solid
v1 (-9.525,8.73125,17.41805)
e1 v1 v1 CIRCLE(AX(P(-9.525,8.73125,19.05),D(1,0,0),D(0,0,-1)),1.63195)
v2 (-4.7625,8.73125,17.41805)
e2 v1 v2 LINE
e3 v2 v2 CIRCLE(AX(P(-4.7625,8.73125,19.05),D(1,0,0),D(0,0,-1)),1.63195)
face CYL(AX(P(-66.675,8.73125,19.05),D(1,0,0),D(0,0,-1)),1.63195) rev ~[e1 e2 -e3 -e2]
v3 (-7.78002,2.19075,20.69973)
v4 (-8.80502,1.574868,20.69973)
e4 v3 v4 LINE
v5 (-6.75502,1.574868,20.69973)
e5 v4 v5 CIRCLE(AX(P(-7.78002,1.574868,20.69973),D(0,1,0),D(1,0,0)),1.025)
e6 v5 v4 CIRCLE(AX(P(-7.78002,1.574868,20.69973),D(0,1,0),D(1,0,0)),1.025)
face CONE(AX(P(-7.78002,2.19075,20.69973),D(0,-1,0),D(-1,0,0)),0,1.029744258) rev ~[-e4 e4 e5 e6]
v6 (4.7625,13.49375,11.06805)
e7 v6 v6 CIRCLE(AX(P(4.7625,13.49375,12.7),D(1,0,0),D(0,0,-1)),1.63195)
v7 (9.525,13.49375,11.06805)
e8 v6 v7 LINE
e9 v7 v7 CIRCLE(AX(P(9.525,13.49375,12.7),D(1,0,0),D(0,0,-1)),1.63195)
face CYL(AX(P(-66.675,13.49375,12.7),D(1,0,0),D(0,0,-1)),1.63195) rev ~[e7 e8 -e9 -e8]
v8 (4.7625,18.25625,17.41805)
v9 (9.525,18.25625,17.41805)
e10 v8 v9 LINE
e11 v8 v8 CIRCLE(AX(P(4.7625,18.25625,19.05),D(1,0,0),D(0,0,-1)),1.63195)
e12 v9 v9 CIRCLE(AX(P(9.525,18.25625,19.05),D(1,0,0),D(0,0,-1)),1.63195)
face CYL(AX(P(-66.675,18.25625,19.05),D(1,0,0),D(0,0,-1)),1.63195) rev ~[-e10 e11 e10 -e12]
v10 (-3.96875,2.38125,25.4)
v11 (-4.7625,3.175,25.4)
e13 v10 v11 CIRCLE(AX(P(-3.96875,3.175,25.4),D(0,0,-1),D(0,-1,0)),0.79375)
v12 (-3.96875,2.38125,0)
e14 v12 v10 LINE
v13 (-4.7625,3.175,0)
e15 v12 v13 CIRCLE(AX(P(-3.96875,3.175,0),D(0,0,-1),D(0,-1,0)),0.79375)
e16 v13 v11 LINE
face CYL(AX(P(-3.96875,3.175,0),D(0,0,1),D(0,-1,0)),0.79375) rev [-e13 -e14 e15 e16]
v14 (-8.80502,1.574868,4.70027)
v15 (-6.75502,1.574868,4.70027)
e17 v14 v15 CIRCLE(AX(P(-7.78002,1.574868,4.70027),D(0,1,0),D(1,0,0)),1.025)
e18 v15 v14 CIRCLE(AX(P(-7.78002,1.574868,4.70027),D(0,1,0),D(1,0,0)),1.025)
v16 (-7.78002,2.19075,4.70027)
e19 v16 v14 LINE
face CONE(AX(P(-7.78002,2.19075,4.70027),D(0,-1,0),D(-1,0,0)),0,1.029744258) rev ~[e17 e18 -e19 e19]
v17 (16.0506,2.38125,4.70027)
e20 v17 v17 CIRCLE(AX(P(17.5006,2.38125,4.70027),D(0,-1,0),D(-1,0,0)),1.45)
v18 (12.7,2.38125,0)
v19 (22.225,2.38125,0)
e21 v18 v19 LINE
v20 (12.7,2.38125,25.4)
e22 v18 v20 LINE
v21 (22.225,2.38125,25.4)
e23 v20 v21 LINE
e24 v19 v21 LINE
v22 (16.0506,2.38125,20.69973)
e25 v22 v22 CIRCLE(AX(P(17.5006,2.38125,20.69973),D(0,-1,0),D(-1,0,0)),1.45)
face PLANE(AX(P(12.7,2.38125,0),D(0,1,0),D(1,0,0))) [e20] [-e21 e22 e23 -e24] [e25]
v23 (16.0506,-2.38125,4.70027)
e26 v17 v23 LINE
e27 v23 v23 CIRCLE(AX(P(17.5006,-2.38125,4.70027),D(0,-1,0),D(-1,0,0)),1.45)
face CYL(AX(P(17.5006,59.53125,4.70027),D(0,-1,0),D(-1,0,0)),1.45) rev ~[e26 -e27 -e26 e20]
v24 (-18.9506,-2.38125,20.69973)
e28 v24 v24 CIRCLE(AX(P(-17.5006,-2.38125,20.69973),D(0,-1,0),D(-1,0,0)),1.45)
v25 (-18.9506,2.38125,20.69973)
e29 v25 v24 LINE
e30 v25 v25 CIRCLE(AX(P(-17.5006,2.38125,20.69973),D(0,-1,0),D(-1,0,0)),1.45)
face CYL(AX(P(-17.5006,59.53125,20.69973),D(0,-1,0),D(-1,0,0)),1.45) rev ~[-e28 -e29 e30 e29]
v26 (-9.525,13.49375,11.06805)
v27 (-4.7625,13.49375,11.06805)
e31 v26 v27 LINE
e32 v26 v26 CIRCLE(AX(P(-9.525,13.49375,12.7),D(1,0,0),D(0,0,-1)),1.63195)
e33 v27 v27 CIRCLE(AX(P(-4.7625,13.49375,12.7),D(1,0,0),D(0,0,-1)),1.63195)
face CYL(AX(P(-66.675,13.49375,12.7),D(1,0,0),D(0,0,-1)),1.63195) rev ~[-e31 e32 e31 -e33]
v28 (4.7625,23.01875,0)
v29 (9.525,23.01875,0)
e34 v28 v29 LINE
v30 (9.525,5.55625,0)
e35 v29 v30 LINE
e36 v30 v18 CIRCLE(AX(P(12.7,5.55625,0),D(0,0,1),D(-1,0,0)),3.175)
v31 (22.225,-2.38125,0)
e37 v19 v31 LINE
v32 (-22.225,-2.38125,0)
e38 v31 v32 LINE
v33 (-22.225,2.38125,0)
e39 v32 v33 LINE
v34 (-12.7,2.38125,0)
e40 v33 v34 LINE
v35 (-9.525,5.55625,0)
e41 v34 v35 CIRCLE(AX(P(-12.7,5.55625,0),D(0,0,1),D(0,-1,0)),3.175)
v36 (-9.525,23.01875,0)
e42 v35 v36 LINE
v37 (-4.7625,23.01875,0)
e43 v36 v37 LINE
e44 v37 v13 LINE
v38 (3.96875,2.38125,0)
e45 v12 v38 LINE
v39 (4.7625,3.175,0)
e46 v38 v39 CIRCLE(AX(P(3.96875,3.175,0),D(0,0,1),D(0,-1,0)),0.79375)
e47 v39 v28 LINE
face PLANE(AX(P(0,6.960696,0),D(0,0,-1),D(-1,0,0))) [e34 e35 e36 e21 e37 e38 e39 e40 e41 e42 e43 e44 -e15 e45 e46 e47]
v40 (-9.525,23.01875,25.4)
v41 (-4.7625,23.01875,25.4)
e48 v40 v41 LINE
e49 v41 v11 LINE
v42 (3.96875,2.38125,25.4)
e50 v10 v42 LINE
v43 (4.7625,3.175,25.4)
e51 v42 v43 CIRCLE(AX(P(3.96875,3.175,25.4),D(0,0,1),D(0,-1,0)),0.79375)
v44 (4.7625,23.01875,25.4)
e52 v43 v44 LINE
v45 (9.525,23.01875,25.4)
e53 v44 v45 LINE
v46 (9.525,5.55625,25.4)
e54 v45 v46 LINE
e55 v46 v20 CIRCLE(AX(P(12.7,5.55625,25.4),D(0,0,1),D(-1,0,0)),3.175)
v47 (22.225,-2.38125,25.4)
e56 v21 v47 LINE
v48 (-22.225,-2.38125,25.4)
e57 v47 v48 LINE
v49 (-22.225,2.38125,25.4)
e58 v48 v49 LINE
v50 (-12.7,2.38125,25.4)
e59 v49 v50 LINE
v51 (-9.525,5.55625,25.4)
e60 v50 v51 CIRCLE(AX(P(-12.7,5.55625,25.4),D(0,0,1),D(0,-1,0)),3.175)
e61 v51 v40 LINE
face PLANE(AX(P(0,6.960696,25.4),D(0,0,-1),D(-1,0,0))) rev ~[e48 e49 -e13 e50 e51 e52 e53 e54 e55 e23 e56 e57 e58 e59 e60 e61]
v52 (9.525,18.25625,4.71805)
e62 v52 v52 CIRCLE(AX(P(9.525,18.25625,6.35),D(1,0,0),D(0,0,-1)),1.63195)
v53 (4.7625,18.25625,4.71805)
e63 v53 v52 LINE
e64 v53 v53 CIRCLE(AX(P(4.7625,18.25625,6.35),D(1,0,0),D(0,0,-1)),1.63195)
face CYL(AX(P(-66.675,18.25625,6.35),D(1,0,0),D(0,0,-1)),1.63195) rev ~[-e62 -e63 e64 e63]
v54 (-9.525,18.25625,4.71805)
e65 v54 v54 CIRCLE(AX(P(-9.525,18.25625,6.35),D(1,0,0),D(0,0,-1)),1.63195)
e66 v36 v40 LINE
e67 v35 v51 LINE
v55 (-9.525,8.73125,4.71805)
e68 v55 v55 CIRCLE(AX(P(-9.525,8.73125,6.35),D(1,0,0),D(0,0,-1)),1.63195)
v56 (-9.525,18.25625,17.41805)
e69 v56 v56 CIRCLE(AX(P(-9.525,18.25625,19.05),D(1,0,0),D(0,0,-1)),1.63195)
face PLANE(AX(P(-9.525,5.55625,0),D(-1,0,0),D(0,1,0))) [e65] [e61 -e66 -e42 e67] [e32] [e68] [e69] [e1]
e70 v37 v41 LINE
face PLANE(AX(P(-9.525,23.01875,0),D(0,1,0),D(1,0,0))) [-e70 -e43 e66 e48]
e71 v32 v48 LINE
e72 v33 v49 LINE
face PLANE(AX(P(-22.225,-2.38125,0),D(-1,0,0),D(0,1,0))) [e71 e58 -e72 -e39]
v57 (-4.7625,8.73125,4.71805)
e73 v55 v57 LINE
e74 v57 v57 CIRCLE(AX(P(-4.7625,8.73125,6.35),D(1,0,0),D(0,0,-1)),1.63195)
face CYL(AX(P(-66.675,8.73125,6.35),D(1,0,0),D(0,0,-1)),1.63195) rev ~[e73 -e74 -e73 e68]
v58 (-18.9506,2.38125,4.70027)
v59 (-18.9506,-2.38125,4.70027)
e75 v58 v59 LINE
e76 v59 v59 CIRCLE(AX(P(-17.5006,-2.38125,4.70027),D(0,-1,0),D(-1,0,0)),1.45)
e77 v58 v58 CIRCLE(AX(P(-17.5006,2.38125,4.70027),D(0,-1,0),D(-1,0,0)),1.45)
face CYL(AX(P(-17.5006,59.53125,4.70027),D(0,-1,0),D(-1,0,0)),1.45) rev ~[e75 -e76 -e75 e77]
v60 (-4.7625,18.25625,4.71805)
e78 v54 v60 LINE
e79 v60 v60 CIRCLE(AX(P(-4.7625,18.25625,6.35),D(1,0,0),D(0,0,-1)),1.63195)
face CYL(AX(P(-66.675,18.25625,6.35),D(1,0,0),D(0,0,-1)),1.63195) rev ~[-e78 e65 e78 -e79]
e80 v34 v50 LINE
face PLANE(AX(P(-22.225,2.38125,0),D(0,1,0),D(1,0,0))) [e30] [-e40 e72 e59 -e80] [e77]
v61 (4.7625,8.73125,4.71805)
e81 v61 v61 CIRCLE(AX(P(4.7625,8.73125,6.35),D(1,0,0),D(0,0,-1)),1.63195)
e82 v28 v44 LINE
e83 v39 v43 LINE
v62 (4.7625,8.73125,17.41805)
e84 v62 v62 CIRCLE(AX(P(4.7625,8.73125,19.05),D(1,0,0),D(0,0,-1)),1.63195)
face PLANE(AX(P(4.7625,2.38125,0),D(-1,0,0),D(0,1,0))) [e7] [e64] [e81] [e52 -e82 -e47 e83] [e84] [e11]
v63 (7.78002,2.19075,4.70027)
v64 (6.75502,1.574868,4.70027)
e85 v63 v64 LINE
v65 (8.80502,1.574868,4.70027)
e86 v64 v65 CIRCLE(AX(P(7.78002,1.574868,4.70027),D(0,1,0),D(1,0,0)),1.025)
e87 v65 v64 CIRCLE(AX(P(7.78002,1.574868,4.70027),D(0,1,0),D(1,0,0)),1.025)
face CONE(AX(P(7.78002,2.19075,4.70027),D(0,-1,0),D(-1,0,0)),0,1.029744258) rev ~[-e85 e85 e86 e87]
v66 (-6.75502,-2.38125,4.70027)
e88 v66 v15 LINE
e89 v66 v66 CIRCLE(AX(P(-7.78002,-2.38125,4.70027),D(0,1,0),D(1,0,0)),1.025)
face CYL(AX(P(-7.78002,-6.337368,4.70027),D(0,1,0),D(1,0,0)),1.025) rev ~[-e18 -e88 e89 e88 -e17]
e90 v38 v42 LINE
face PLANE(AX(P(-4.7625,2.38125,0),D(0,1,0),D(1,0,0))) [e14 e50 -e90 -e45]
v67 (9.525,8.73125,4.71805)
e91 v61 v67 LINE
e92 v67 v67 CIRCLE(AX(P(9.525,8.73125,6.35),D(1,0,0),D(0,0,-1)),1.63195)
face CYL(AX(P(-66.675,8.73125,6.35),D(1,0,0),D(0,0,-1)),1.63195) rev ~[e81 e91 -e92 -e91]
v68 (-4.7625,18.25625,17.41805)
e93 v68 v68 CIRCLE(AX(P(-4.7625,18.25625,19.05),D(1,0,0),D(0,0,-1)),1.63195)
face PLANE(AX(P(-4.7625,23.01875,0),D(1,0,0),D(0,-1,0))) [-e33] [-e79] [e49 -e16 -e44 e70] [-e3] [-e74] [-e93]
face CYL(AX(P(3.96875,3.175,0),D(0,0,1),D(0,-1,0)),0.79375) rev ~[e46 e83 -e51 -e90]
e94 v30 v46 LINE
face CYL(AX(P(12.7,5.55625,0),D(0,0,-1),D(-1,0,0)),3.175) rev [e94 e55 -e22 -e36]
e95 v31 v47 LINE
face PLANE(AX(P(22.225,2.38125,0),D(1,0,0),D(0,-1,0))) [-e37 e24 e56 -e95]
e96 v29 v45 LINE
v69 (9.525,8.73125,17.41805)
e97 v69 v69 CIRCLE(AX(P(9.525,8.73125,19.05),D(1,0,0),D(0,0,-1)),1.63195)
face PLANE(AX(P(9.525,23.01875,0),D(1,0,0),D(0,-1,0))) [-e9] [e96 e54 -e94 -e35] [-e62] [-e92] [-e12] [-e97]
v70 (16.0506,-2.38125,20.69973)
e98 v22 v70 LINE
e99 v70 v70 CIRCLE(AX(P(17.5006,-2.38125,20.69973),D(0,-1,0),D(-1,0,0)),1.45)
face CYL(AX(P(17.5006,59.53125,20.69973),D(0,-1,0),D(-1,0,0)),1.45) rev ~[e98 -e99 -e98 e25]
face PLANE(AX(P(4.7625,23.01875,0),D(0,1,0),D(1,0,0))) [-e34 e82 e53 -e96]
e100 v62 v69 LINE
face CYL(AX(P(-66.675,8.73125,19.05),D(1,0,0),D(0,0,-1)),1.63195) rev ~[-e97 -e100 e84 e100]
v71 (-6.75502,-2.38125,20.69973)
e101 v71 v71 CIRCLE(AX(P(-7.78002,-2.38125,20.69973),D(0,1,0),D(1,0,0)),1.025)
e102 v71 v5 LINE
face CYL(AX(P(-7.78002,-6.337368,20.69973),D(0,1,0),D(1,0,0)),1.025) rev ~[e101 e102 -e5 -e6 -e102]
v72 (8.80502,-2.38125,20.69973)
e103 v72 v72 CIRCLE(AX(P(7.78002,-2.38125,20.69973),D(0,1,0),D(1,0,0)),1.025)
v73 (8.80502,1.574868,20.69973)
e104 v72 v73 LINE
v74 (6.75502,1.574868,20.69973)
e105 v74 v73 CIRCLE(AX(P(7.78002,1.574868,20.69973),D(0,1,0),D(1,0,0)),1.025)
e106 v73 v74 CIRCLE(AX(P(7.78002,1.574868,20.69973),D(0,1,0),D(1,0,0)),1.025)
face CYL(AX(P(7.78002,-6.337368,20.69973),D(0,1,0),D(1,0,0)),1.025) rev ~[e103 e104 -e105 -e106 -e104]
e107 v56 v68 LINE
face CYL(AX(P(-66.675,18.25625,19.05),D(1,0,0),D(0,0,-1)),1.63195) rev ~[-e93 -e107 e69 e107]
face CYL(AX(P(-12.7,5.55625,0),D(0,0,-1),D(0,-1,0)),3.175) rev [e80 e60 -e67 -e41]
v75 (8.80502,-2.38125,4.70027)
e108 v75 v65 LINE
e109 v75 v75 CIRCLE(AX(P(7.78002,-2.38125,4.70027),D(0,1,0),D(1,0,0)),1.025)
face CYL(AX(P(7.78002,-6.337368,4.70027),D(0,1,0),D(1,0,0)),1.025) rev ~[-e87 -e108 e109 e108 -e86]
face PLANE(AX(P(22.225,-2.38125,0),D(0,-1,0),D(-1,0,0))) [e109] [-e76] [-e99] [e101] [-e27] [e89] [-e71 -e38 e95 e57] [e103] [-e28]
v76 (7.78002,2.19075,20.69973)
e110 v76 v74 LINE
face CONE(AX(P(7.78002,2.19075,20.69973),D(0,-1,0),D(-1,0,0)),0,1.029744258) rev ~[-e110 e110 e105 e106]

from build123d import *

# Parameters (mm, degrees)
BOSS_EXTRUDE1_DEPTH          = 25.4
FILLET1_R                    = 0.79375
M2_5_CLEARANCE_HOLE1_D       = 2.9
M2_5X0_45_TAPPED_HOLE1_D     = 2.05
M2_5X0_45_TAPPED_HOLE1_DEPTH = 3.956117865
M2_5X0_45_TAPPED_HOLE1_TIP   = 0.615882135
F_4_CLEARANCE_HOLE1_D        = 3.2639


with BuildPart() as part:
    # Sketch1 → Boss-Extrude1 (new body)
    with BuildSketch(Plane.XY):
        with BuildLine():
            Line((-4.7625, 2.38125), (4.7625, 2.38125))
            Line((4.7625, 2.38125), (4.7625, 23.01875))
            Line((4.7625, 23.01875), (9.525, 23.01875))
            Line((9.525, 23.01875), (9.525, 5.55625))
            ThreePointArc((9.525, 5.55625), (10.45493597, 3.31118597), (12.7, 2.38125))
            Line((12.7, 2.38125), (22.225, 2.38125))
            Line((22.225, 2.38125), (22.225, -2.38125))
            Line((22.225, -2.38125), (-22.225, -2.38125))
            Line((-22.225, -2.38125), (-22.225, 2.38125))
            Line((-22.225, 2.38125), (-12.7, 2.38125))
            ThreePointArc((-12.7, 2.38125), (-10.45493597, 3.31118597), (-9.525, 5.55625))
            Line((-9.525, 5.55625), (-9.525, 23.01875))
            Line((-9.525, 23.01875), (-4.7625, 23.01875))
            Line((-4.7625, 23.01875), (-4.7625, 2.38125))
        make_face()
    extrude(amount=BOSS_EXTRUDE1_DEPTH)

    # Fillet1
    fillet1_edges = [part.edges().sort_by_distance(p)[0] for p in [
        (-4.7625, 2.38125, 12.7),
        (4.7625, 2.38125, 12.7),
    ]]
    fillet(fillet1_edges, radius=FILLET1_R)

    # M2.5 Clearance Hole1 (through all)
    with Locations(Plane(origin=(0, 2.38125, 0), x_dir=(1, 0, 0), z_dir=(0, 1, 0))):
        with Locations((17.5006, -4.70027), (17.5006, -20.69973), (-17.5006, -20.69973), (-17.5006, -4.70027)):
            Hole(M2_5_CLEARANCE_HOLE1_D / 2)

    # M2.5x0.45 Tapped Hole1
    with Locations(Plane(origin=(0, -2.38125, 0), x_dir=(-1, 0, 0), z_dir=(0, -1, 0))):
        with Locations((-7.78002, -4.70027), (7.78002, -4.70027), (7.78002, -20.69973), (-7.78002, -20.69973)):
            Hole(M2_5X0_45_TAPPED_HOLE1_D / 2, depth=M2_5X0_45_TAPPED_HOLE1_DEPTH)
            with Locations((0, 0, -(M2_5X0_45_TAPPED_HOLE1_DEPTH + M2_5X0_45_TAPPED_HOLE1_TIP / 2))):  # 118° drill point
                Cone(0, M2_5X0_45_TAPPED_HOLE1_D / 2, M2_5X0_45_TAPPED_HOLE1_TIP, mode=Mode.SUBTRACT)

    # #4 Clearance Hole1 (through all)
    with Locations(Plane.ZY.offset(9.525)):
        with Locations((6.35, 18.25625), (19.05, 18.25625), (19.05, 8.73125), (6.35, 8.73125), (12.7, 13.49375)):
            Hole(F_4_CLEARANCE_HOLE1_D / 2)


solid = part.part
